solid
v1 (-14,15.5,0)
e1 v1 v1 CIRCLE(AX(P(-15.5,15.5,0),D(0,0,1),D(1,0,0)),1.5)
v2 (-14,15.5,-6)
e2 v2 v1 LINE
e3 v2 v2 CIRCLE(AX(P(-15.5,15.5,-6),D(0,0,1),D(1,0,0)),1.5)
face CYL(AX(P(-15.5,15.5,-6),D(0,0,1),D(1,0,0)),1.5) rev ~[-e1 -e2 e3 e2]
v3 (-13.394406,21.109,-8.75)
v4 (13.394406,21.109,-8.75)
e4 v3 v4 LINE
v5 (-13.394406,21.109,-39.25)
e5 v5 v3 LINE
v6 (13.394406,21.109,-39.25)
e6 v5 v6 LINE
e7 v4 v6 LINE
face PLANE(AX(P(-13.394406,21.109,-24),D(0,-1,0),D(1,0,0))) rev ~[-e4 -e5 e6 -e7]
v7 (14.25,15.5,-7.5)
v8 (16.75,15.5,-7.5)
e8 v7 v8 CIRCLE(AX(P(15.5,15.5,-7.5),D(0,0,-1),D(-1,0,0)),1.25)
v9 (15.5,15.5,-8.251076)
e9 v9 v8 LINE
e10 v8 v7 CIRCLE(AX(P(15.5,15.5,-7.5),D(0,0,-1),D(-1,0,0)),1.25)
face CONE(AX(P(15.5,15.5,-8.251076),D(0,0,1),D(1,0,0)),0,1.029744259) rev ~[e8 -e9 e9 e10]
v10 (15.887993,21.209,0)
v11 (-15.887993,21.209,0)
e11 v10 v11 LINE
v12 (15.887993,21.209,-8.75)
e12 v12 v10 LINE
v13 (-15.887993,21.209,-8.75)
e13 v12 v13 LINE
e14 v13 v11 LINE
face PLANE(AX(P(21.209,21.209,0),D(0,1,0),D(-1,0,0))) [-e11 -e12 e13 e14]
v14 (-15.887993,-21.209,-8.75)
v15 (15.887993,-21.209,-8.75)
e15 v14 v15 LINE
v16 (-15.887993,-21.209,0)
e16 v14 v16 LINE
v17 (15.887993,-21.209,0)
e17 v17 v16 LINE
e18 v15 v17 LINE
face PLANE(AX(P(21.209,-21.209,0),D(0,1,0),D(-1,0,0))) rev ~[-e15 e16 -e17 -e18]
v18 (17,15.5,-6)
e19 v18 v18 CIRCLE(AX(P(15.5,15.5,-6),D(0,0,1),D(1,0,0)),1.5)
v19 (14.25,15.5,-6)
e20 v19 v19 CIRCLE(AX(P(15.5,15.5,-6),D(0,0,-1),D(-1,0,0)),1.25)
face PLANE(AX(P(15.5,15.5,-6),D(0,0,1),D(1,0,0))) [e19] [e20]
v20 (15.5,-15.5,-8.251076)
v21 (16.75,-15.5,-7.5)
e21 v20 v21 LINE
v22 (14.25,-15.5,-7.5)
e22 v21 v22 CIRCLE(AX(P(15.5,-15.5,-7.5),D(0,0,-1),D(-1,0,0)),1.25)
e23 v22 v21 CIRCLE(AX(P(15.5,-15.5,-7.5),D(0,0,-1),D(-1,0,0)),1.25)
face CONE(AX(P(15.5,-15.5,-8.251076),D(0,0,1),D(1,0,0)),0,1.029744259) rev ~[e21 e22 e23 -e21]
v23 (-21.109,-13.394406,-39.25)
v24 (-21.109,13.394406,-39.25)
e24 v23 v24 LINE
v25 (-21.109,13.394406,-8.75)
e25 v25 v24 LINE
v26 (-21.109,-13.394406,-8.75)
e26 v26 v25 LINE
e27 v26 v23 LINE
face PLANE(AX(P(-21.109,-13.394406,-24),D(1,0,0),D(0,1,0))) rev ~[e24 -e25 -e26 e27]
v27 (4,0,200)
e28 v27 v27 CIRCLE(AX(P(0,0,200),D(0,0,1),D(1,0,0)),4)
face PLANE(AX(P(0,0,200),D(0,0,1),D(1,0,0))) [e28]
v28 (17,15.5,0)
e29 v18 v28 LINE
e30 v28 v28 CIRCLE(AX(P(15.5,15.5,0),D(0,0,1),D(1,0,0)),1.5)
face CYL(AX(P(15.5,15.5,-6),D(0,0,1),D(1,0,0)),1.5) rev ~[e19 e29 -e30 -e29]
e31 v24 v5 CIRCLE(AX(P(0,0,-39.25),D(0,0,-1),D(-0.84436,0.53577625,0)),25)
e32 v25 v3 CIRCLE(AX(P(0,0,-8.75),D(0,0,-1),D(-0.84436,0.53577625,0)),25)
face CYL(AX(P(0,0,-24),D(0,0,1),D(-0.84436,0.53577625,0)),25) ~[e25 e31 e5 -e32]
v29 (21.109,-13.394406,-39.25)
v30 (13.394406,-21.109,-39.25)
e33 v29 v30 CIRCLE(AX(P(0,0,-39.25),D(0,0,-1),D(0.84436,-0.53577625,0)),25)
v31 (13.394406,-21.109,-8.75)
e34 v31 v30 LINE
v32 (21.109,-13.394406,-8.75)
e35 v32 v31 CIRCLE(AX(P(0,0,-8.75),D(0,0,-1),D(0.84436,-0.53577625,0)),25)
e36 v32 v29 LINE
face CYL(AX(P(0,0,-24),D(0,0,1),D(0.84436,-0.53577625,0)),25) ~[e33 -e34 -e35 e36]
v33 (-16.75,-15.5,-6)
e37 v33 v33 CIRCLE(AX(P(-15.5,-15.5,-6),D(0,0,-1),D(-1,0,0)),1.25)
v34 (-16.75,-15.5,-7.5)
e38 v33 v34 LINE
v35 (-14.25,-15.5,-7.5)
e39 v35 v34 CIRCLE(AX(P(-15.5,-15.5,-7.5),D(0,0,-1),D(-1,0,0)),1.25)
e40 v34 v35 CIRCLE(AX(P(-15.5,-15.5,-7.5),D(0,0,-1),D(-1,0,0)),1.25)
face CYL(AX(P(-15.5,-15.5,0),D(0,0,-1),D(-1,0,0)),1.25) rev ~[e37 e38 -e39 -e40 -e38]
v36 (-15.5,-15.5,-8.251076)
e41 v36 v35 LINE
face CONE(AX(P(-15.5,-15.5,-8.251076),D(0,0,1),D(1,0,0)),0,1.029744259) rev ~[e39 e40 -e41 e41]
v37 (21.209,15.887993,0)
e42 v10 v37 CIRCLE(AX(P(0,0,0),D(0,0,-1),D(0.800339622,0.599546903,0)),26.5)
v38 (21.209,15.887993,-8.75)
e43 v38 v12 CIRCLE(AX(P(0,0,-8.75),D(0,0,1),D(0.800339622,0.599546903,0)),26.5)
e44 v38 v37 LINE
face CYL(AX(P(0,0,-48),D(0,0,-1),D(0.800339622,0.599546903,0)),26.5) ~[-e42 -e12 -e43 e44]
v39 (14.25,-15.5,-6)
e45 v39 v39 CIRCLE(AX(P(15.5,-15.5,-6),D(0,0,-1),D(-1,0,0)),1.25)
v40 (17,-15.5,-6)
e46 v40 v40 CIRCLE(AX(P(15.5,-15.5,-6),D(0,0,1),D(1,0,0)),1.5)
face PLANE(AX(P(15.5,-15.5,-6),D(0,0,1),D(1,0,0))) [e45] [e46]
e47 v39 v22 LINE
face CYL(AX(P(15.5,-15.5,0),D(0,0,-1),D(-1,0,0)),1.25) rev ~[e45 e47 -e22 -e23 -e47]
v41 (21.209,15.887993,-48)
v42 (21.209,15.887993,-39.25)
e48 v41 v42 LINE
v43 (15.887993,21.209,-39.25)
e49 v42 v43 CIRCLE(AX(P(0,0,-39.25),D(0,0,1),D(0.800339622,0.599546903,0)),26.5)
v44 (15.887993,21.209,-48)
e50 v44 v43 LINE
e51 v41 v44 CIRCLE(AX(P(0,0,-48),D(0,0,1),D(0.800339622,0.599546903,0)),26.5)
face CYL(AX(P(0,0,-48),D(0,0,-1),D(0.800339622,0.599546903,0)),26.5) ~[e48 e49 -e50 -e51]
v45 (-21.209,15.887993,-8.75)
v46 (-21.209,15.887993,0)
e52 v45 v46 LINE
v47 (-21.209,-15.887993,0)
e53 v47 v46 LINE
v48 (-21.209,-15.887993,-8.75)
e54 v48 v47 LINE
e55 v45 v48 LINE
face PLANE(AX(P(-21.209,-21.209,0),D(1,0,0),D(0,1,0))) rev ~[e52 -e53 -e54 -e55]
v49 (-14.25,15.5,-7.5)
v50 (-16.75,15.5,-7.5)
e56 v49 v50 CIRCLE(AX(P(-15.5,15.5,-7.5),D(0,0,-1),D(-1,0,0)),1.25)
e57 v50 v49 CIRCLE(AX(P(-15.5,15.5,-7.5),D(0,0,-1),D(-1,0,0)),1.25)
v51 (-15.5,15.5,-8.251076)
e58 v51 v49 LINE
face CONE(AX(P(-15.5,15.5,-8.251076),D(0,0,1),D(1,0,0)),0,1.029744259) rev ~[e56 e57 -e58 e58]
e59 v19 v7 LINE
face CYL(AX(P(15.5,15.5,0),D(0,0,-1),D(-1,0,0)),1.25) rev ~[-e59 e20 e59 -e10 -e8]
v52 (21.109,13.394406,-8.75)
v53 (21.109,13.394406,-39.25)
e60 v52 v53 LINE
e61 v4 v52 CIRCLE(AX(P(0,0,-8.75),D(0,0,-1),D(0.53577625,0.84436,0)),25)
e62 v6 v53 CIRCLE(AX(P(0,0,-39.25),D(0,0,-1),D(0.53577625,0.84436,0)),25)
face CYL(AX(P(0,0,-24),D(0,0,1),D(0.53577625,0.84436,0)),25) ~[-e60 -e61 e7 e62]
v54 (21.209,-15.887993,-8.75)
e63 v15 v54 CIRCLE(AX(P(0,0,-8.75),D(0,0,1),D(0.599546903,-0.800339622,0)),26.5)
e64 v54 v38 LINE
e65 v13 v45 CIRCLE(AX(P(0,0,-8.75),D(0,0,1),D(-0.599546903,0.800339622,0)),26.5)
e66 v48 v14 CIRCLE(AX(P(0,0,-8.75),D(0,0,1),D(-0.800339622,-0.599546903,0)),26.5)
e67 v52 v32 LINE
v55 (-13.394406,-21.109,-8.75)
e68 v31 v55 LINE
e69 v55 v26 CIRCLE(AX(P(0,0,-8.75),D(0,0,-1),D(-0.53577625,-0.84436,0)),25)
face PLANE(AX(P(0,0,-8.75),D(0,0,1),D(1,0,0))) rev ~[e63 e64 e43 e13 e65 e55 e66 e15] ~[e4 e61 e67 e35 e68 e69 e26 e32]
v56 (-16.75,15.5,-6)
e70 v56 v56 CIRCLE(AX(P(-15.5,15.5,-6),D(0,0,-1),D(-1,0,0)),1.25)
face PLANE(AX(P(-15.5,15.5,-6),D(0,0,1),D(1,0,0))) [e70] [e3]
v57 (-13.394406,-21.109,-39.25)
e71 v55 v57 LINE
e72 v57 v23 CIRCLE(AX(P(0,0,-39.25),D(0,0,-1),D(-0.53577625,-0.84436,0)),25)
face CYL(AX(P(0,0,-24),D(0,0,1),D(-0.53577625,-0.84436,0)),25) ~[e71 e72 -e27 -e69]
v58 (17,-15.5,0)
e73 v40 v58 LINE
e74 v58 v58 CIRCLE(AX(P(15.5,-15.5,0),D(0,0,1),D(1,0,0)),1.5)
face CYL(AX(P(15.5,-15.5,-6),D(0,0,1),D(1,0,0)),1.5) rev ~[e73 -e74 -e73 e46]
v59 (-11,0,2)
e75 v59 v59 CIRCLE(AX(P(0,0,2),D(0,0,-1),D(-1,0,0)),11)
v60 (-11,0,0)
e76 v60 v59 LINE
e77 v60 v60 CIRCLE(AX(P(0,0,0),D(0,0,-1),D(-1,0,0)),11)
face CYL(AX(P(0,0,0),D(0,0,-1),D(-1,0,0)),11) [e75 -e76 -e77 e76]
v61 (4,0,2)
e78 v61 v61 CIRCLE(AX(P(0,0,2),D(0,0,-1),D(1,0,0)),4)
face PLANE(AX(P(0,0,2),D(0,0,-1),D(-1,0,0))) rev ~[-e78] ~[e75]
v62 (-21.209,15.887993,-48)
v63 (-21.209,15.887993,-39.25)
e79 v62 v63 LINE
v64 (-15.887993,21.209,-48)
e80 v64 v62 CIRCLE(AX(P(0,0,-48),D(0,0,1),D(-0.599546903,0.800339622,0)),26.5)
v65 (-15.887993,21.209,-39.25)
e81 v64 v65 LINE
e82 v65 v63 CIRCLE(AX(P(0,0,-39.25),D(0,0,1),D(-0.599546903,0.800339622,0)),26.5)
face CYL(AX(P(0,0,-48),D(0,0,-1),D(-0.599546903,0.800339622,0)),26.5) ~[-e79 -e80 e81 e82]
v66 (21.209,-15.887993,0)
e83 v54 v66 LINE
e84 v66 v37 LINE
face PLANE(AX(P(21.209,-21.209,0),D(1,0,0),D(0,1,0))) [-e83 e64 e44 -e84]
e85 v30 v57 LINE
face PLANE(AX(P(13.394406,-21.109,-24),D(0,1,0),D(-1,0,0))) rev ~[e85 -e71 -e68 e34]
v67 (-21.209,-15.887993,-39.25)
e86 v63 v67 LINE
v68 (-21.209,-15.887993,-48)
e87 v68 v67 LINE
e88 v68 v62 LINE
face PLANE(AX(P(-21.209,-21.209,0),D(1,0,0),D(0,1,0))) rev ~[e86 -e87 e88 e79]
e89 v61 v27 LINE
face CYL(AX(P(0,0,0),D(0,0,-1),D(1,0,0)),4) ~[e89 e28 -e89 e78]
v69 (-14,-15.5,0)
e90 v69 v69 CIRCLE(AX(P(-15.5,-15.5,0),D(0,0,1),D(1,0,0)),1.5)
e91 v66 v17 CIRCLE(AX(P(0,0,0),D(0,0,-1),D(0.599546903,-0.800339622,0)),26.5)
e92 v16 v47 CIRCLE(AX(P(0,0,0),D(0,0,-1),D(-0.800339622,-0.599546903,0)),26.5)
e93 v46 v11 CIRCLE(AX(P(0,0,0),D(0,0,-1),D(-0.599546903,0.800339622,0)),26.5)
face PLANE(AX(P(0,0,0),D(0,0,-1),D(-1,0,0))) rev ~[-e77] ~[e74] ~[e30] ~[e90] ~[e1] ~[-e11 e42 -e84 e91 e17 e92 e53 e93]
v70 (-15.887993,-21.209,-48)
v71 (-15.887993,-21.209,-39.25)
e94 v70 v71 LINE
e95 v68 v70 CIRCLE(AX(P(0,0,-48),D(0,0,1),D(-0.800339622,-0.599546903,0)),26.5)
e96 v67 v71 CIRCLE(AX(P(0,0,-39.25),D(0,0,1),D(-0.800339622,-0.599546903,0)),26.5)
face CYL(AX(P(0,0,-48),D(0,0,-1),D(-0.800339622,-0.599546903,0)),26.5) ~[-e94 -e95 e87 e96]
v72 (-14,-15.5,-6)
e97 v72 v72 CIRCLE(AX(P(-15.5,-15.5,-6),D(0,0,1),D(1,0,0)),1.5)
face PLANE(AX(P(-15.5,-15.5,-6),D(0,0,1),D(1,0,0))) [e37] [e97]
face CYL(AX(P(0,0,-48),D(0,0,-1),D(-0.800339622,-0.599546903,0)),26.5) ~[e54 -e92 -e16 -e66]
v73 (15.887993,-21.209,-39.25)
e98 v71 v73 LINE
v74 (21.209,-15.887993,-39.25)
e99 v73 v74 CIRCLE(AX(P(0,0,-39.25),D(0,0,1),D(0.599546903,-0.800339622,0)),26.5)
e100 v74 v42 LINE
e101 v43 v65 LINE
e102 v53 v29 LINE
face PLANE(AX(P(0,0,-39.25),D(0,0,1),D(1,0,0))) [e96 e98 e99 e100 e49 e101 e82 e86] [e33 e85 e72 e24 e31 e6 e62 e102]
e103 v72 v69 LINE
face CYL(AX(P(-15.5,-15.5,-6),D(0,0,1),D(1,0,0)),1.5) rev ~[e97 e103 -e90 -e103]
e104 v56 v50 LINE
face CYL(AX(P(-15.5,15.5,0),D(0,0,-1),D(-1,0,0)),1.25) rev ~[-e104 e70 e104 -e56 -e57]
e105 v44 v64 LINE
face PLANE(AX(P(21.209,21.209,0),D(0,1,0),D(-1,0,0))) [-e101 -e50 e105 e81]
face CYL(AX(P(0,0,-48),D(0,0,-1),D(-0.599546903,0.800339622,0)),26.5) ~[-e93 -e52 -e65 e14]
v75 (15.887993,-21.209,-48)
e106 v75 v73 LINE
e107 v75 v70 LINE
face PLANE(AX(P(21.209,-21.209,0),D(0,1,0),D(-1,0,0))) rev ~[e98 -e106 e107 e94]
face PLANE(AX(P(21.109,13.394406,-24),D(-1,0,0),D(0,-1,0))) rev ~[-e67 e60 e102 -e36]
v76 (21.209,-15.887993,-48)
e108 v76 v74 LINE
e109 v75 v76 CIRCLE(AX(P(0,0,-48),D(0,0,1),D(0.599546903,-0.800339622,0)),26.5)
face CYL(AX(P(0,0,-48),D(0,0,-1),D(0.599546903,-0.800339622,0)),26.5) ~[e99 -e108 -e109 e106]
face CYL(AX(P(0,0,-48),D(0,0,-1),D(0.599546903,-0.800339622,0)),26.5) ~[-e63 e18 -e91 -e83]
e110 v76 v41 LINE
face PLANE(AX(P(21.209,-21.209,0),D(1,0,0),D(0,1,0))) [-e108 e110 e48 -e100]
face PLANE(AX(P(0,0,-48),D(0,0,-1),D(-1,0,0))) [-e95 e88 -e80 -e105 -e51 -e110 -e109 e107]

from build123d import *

# Parameters (mm, degrees)
SKETCH1_R                       = 4
BOSS_EXTRUDE1_DEPTH             = 200
SKETCH2_R                       = 11
BOSS_EXTRUDE2_DEPTH             = 2
SKETCH3_W                       = 42.418
SKETCH3_H                       = 42.418
BOSS_EXTRUDE3_DEPTH             = 48
CUT_EXTRUDE1_DEPTH              = 250.80721239
M3X0_5_TAPPED_HOLE1_D           = 2.5
M3X0_5_TAPPED_HOLE1_DEPTH       = 7.5
M3X0_5_TAPPED_HOLE1_CBORE_D     = 3
M3X0_5_TAPPED_HOLE1_CBORE_DEPTH = 6
M3X0_5_TAPPED_HOLE1_TIP         = 0.751075774
CUT_EXTRUDE3_DEPTH              = 15.25


with BuildPart() as part:
    # Sketch1 → Boss-Extrude1 (new body)
    with BuildSketch(Plane.XY):
        Circle(SKETCH1_R)
    extrude(amount=BOSS_EXTRUDE1_DEPTH)

    # Sketch2 → Boss-Extrude2 (add)
    with BuildSketch(Plane(origin=(0, 0, 0), x_dir=(-1, 0, 0), z_dir=(0, 0, -1))):
        Circle(SKETCH2_R)
    extrude(amount=-BOSS_EXTRUDE2_DEPTH)

    # Sketch3 → Boss-Extrude3 (add)
    with BuildSketch(Plane(origin=(0, 0, 0), x_dir=(-1, 0, 0), z_dir=(0, 0, -1))):
        Rectangle(SKETCH3_W, SKETCH3_H)
    extrude(amount=BOSS_EXTRUDE3_DEPTH)

    # Sketch4 → Cut-Extrude1 (cut, through all)
    with BuildSketch(Plane(origin=(0, 0, -48), x_dir=(-1, 0, 0), z_dir=(0, 0, -1))):
        with BuildLine():
            Line((-21.209, -15.887992919), (-21.209, -21.209))
            Line((-21.209, -21.209), (-15.887992919, -21.209))
            ThreePointArc((-15.887992919, -21.209), (-18.738329701, -18.738329701), (-21.209, -15.887992919))
        make_face()
        with BuildLine():
            Line((15.887992919, -21.209), (21.209, -21.209))
            Line((21.209, -21.209), (21.209, -15.887992919))
            ThreePointArc((21.209, -15.887992919), (18.738329701, -18.738329701), (15.887992919, -21.209))
        make_face()
        with BuildLine():
            Line((21.209, 15.887992919), (21.209, 21.209))
            Line((21.209, 21.209), (15.887992919, 21.209))
            ThreePointArc((15.887992919, 21.209), (18.738329701, 18.738329701), (21.209, 15.887992919))
        make_face()
        with BuildLine():
            Line((-15.887992919, 21.209), (-21.209, 21.209))
            Line((-21.209, 21.209), (-21.209, 15.887992919))
            ThreePointArc((-21.209, 15.887992919), (-18.738329701, 18.738329701), (-15.887992919, 21.209))
        make_face()
    extrude(amount=-CUT_EXTRUDE1_DEPTH, mode=Mode.SUBTRACT)

    # M3x0.5 Tapped Hole1
    with Locations(Plane.XY):
        with Locations((-15.5, 15.5), (-15.5, -15.5), (15.5, -15.5), (15.5, 15.5)):
            CounterBoreHole(M3X0_5_TAPPED_HOLE1_D / 2, M3X0_5_TAPPED_HOLE1_CBORE_D / 2, M3X0_5_TAPPED_HOLE1_CBORE_DEPTH, depth=M3X0_5_TAPPED_HOLE1_DEPTH)
            with Locations((0, 0, -(M3X0_5_TAPPED_HOLE1_DEPTH + M3X0_5_TAPPED_HOLE1_TIP / 2))):  # 118° drill point
                Cone(0, M3X0_5_TAPPED_HOLE1_D / 2, M3X0_5_TAPPED_HOLE1_TIP, mode=Mode.SUBTRACT)

    # Sketch8 → Cut-Extrude3 (cut, symmetric)
    with BuildSketch(Plane.XY.offset(-24)):
        with BuildLine():
            Line((15.887992919, 21.209), (-15.887992919, 21.209))
            ThreePointArc((-15.887992919, 21.209), (-18.738329701, 18.738329701), (-21.209, 15.887992919))
            Line((-21.209, 15.887992919), (-21.209, -15.887992919))
            ThreePointArc((-21.209, -15.887992919), (-18.738329701, -18.738329701), (-15.887992919, -21.209))
            Line((-15.887992919, -21.209), (15.887992919, -21.209))
            ThreePointArc((15.887992919, -21.209), (18.738329701, -18.738329701), (21.209, -15.887992919))
            Line((21.209, -15.887992919), (21.209, 15.887992919))
            ThreePointArc((21.209, 15.887992919), (18.738329701, 18.738329701), (15.887992919, 21.209))
        make_face()
        with BuildLine():
            Line((-13.394406258, 21.109), (13.394406258, 21.109))
            ThreePointArc((13.394406258, 21.109), (17.67766953, 17.67766953), (21.109, 13.394406258))
            Line((21.109, 13.394406258), (21.109, -13.394406258))
            ThreePointArc((21.109, -13.394406258), (17.67766953, -17.67766953), (13.394406258, -21.109))
            Line((13.394406258, -21.109), (-13.394406258, -21.109))
            ThreePointArc((-13.394406258, -21.109), (-17.67766953, -17.67766953), (-21.109, -13.394406258))
            Line((-21.109, -13.394406258), (-21.109, 13.394406258))
            ThreePointArc((-21.109, 13.394406258), (-17.67766953, 17.67766953), (-13.394406258, 21.109))
        make_face(mode=Mode.SUBTRACT)
    extrude(amount=CUT_EXTRUDE3_DEPTH, both=True, mode=Mode.SUBTRACT)


solid = part.part
